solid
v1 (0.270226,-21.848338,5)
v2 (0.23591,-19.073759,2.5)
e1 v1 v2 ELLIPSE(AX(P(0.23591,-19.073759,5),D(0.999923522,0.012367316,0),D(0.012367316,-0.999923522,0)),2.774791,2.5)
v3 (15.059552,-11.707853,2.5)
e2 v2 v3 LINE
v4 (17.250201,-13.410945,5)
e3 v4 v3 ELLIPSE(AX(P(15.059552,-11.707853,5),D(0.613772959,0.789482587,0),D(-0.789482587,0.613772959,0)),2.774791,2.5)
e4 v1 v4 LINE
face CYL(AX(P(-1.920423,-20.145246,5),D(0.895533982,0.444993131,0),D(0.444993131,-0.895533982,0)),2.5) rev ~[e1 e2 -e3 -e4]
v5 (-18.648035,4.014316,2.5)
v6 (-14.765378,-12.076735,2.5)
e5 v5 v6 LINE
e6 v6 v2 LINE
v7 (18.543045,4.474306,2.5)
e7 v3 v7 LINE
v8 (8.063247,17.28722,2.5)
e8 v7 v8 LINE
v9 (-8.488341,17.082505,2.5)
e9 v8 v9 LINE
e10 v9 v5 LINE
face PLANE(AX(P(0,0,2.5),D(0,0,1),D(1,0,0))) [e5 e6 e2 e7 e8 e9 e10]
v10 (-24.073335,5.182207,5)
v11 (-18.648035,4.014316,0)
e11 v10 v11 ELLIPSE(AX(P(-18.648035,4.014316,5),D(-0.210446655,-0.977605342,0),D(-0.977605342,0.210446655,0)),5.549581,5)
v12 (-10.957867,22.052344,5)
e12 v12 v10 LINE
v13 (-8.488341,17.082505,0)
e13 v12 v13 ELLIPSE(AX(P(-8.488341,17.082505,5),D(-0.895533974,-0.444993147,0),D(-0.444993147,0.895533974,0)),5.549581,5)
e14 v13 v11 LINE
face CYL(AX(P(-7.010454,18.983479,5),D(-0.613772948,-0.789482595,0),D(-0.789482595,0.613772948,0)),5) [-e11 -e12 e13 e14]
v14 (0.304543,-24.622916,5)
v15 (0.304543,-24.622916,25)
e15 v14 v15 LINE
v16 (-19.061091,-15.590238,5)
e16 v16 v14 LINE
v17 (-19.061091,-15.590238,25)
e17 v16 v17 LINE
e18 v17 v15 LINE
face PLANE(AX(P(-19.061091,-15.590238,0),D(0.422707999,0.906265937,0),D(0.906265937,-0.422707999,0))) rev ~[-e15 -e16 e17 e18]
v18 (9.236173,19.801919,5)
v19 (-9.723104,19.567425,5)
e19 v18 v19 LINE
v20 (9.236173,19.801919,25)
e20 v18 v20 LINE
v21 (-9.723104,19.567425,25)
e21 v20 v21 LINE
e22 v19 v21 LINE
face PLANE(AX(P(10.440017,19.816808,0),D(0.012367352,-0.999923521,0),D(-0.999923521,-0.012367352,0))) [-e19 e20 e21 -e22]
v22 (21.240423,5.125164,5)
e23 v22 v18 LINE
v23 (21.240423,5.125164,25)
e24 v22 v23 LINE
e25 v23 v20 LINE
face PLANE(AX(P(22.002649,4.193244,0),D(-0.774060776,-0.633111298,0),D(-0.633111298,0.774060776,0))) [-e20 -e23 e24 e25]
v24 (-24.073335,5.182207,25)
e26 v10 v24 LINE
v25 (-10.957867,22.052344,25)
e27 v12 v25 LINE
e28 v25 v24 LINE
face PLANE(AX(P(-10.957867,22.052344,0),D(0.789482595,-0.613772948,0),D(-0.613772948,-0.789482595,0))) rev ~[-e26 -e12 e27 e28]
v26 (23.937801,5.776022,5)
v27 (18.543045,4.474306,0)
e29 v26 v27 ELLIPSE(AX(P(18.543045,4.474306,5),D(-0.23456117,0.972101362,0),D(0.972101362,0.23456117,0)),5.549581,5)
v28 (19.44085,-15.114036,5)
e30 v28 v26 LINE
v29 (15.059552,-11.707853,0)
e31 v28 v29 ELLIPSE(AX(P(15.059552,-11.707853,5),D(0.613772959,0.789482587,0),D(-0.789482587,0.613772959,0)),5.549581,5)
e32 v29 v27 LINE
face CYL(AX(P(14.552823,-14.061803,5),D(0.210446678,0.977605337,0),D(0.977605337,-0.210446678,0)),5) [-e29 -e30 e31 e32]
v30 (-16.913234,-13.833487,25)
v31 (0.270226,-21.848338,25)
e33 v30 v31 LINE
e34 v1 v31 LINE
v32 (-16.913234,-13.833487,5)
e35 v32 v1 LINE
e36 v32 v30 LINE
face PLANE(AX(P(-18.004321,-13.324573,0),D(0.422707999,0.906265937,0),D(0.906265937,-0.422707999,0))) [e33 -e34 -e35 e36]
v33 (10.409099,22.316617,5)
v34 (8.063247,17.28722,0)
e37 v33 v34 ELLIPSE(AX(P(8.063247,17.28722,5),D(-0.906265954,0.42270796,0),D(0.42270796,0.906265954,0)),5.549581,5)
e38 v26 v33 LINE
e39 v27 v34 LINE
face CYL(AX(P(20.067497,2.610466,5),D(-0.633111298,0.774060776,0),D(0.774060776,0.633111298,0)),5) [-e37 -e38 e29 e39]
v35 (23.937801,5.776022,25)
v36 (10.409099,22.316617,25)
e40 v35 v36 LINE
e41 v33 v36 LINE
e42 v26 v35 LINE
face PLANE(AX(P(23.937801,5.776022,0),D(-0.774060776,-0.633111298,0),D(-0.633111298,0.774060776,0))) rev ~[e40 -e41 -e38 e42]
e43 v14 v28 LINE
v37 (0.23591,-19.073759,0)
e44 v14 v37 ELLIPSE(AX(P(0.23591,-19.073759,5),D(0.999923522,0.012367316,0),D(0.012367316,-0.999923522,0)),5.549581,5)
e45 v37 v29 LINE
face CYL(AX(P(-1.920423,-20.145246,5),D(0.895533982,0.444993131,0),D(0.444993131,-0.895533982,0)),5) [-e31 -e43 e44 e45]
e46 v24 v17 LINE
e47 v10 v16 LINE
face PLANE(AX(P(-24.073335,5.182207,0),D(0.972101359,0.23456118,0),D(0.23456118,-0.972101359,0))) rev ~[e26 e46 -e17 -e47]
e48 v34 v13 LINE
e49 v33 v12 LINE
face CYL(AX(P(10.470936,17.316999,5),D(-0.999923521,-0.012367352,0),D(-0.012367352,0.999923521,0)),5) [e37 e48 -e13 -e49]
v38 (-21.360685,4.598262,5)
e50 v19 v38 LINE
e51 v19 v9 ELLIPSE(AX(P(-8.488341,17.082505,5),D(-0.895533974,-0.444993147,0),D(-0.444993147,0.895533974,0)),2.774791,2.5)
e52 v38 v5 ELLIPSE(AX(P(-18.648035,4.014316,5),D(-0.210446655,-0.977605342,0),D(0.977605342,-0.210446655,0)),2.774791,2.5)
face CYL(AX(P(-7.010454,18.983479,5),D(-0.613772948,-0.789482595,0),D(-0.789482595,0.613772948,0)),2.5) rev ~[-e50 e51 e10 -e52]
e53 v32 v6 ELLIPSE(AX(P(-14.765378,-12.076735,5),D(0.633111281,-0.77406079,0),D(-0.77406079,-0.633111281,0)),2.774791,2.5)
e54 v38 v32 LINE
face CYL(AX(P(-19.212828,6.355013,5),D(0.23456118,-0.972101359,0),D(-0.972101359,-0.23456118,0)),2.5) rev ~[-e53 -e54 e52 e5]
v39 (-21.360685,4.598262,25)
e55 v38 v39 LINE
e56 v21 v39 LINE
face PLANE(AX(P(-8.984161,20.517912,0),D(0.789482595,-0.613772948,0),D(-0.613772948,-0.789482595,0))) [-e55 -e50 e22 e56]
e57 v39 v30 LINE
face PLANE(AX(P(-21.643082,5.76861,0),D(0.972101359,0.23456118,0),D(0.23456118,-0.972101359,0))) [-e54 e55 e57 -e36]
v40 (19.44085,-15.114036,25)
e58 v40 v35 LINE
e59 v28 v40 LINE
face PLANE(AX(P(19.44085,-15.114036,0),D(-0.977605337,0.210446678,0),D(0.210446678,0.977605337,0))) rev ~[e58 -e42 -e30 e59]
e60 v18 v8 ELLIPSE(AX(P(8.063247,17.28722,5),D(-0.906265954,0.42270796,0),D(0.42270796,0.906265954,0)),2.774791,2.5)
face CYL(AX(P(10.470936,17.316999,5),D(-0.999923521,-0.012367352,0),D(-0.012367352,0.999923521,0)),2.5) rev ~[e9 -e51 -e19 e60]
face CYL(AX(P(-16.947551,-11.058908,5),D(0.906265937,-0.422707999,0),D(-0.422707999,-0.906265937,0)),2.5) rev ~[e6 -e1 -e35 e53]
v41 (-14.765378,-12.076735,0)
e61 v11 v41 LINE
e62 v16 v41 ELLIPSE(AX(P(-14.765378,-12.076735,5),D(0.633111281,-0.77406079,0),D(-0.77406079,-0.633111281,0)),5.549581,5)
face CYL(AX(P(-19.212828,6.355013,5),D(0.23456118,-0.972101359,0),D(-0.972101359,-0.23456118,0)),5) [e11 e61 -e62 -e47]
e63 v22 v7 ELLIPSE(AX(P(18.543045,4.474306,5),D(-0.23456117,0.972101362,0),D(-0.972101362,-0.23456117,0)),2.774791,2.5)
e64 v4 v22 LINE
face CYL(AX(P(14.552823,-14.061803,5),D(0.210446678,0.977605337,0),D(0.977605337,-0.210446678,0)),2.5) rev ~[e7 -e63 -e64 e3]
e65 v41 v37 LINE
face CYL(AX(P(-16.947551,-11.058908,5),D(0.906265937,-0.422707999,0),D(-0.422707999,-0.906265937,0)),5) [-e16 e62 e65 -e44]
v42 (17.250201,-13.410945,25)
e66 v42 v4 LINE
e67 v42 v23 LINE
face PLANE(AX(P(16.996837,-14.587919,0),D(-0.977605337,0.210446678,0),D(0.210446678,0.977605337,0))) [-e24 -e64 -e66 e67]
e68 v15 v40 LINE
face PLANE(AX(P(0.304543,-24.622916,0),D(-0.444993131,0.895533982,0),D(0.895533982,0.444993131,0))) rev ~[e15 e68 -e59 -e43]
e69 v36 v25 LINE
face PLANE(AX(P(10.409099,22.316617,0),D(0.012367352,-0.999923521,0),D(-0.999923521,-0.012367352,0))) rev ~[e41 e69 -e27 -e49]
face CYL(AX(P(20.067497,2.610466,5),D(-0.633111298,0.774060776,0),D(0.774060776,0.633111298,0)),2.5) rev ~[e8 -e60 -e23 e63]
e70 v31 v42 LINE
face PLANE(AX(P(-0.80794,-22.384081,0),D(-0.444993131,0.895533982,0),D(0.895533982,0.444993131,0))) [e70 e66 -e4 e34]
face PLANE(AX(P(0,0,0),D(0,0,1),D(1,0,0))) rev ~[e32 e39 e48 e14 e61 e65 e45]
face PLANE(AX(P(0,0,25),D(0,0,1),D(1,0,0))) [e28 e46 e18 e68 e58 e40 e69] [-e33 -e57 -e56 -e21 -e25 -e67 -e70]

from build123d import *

# Parameters (mm, degrees)
F1_DEPTH = 25
F2_R     = 5
F3_T     = -2.5


with BuildPart() as f1:
    # F0 (on Top) → F1 (new body)
    with BuildSketch(Plane.XY):
        Polygon((19.44085, -15.114036), (23.937801, 5.776022), (10.409099, 22.316617), (-10.957867, 22.052344), (-24.073335, 5.182207), (-19.061091, -15.590238), (0.304543, -24.622916), align=None)
    extrude(amount=F1_DEPTH)

    # F2
    f2_edges = [f1.edges().sort_by_distance(p)[0] for p in [
        (21.689326, -4.669007, 0),
        (17.17345, 14.046319, 0),
        (-0.274384, 22.184481, 0),
        (-17.515601, 13.617276, 0),
        (-21.567213, -5.204016, 0),
        (-9.378274, -20.106577, 0),
        (9.872697, -19.868476, 0),
    ]]
    fillet(f2_edges, radius=F2_R)

    # F3
    f3_openings = [f1.faces().sort_by_distance(p)[0] for p in [
        (0, 0, 25),
    ]]
    offset(amount=F3_T, openings=f3_openings)


solid = f1.part
